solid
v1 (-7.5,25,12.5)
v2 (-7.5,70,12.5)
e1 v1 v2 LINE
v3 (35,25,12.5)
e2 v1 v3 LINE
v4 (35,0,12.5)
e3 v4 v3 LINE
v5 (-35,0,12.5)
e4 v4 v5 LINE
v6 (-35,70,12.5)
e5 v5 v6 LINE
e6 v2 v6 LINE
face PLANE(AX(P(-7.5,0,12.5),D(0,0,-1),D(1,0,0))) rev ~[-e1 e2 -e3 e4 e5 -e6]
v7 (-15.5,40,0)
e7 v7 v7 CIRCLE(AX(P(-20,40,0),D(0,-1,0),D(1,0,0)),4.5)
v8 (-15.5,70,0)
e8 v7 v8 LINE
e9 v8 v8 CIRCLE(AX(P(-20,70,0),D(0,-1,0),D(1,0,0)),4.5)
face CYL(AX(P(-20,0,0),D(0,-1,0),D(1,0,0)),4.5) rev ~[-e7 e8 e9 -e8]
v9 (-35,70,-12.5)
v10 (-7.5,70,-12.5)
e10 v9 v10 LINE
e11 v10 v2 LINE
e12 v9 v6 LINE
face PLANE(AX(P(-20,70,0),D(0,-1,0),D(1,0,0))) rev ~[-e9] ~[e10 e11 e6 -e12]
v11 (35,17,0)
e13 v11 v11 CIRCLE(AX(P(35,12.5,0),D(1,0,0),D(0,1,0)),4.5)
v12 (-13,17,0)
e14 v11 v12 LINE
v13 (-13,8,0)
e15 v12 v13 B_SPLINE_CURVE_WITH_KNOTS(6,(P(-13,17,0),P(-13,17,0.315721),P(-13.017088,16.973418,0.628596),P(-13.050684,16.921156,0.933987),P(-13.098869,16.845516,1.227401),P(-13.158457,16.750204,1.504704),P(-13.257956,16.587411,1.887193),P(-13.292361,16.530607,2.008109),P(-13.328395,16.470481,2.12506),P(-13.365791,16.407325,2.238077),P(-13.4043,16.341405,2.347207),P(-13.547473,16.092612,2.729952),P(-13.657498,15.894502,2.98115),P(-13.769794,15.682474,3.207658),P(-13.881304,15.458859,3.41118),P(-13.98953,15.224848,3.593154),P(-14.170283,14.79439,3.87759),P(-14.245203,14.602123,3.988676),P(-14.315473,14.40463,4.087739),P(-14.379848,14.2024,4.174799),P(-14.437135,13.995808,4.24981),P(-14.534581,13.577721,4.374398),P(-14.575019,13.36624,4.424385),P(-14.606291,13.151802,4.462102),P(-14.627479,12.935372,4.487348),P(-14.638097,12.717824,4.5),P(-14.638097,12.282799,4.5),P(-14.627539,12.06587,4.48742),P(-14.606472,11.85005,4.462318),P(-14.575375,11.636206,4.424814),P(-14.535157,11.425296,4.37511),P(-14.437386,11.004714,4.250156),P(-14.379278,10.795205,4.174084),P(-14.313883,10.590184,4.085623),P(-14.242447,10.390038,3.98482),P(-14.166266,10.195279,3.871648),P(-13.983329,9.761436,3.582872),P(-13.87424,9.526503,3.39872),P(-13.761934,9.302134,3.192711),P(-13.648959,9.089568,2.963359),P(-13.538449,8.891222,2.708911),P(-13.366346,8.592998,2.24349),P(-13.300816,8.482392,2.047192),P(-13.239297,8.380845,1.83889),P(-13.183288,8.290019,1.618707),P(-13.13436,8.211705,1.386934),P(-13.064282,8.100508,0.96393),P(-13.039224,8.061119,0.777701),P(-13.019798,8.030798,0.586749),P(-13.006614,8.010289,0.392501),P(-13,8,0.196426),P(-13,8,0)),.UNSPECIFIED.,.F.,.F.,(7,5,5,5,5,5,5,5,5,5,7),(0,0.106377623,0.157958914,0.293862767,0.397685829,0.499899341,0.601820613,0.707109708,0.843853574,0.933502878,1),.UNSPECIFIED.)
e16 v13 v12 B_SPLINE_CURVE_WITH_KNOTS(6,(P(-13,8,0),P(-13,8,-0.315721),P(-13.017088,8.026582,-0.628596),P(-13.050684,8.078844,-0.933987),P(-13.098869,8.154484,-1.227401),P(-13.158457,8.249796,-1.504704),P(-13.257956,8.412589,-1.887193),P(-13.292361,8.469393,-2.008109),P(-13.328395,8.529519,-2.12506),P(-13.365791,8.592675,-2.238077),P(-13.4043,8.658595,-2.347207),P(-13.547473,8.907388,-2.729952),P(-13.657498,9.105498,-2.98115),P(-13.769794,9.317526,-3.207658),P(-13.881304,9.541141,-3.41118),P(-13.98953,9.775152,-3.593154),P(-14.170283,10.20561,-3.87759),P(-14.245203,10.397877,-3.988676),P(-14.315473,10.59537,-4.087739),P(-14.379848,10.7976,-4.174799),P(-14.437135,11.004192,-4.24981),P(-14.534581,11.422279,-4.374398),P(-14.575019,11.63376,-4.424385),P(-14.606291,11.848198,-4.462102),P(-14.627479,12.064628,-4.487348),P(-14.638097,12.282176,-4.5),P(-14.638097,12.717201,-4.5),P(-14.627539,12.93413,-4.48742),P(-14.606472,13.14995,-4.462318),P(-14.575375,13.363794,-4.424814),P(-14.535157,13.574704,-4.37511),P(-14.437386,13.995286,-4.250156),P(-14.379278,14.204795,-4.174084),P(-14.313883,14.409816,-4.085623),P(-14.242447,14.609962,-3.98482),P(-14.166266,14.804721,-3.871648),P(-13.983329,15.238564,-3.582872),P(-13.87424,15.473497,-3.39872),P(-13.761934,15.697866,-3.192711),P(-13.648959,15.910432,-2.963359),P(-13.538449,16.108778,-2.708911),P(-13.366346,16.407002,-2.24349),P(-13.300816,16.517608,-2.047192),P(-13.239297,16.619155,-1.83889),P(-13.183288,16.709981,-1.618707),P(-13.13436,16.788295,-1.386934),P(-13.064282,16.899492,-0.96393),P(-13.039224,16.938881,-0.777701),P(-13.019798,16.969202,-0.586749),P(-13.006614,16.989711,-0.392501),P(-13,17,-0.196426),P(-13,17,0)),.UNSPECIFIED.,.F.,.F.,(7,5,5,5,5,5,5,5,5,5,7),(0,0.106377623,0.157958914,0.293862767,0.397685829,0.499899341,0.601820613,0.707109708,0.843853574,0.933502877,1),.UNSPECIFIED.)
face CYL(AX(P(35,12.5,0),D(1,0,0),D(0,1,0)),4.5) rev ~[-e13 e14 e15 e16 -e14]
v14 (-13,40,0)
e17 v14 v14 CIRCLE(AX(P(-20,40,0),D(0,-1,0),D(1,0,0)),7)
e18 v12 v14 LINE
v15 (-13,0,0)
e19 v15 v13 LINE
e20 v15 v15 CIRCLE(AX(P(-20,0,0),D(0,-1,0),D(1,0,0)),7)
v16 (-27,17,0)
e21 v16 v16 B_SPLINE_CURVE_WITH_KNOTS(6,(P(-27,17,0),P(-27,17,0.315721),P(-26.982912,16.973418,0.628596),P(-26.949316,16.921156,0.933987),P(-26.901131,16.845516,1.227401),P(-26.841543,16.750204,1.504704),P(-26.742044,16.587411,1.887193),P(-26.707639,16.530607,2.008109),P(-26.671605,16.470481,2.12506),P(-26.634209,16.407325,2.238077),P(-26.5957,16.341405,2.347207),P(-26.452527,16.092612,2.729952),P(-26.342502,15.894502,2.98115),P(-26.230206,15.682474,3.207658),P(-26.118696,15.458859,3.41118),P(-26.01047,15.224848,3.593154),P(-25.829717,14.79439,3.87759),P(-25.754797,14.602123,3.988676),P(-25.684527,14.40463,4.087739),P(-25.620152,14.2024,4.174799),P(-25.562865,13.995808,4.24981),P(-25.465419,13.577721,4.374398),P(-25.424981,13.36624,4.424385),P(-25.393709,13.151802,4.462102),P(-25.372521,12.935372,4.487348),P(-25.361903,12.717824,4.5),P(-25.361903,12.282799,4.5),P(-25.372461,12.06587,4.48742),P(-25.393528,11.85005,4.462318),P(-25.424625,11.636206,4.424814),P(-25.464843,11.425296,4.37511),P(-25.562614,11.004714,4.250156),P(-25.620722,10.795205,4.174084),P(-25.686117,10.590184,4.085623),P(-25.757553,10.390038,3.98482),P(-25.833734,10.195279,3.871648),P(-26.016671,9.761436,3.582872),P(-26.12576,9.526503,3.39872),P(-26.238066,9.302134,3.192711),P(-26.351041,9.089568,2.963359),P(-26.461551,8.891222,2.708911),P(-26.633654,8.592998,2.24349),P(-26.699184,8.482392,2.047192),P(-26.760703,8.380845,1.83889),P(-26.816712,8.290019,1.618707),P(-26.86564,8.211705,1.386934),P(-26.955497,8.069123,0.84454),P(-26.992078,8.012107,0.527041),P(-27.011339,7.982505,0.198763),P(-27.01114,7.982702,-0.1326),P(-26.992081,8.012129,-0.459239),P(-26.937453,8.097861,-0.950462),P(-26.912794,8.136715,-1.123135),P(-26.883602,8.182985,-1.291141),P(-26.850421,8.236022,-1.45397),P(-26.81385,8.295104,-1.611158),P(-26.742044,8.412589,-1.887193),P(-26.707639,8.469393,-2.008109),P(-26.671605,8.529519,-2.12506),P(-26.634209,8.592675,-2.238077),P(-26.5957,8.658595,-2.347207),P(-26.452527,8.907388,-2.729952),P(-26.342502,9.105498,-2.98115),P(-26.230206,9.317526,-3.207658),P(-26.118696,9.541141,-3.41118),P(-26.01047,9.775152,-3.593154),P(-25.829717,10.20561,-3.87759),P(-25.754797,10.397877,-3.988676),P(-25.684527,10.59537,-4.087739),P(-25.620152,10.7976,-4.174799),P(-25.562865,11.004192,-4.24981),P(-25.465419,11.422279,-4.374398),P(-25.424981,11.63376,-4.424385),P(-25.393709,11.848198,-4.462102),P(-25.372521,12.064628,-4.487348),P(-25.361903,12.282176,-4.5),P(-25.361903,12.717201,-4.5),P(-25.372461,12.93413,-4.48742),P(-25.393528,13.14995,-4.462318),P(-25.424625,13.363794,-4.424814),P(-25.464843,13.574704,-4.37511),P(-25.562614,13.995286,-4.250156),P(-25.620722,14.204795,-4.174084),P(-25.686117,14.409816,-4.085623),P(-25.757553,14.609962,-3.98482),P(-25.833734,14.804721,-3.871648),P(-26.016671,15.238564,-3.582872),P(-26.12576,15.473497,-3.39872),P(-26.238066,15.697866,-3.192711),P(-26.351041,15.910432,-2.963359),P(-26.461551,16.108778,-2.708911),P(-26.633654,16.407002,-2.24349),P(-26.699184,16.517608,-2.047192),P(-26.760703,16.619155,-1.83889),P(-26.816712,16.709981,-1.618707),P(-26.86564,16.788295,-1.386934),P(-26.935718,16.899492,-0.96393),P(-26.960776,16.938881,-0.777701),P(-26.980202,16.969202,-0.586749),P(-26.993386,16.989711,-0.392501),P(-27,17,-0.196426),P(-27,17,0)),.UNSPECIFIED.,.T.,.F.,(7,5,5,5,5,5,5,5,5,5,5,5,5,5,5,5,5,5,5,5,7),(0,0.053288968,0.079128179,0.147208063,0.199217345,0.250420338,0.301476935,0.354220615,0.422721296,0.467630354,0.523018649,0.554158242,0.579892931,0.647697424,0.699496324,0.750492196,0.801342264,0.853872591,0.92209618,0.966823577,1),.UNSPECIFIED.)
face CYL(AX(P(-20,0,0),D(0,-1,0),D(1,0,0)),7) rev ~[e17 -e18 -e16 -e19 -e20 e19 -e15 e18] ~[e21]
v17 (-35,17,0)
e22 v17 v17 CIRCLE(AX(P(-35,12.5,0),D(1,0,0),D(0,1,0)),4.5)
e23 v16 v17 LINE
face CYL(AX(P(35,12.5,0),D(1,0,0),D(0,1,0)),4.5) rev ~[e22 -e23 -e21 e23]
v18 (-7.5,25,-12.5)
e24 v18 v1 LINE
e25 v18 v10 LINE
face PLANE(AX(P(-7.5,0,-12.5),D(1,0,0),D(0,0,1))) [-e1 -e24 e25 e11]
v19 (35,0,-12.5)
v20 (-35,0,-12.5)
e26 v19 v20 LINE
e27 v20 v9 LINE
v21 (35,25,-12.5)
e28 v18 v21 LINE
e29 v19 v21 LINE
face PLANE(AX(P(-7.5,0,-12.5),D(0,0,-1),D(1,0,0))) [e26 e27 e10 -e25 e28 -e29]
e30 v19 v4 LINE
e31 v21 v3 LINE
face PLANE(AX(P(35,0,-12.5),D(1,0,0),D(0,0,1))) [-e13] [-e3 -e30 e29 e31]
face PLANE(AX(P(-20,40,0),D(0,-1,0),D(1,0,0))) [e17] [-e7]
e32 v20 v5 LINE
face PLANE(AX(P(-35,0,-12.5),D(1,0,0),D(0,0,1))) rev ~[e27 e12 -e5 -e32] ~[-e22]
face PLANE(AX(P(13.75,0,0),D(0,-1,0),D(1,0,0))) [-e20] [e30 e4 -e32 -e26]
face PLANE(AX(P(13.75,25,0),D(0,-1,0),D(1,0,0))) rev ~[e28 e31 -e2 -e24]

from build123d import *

# Parameters (mm, degrees)
F0_W     = 25
F0_H     = 25
F0_R     = 7
F0_R_2   = 4.5
F0_W_2   = 2.5
F1_DEPTH = 70
F2_DEPTH = 40
F0_W_3   = 42.5
F3_DEPTH = 25
F4_R     = 4.5
F5_DEPTH = 70.001


with BuildPart() as f1:
    # F0 (on Front) → F1 (new body)
    with BuildSketch(Plane.XZ):
        with Locations((-20, 0)):
            Rectangle(F0_W, F0_H)
        with Locations((-20, 0)):
            Circle(F0_R, mode=Mode.SUBTRACT)
        with Locations((-20, 0)):
            Circle(F0_R)
        with Locations((-20, 0)):
            Circle(F0_R_2, mode=Mode.SUBTRACT)
        with Locations((-33.75, 0)):
            Rectangle(F0_W_2, F0_H)
    extrude(amount=-F1_DEPTH)

    # F0 (on Front) → F2 (cut)
    with BuildSketch(Plane.XZ):
        with Locations((-20, 0)):
            Circle(F0_R)
        with Locations((-20, 0)):
            Circle(F0_R_2, mode=Mode.SUBTRACT)
    extrude(amount=-F2_DEPTH, mode=Mode.SUBTRACT)

    # F0 (on Front) → F3 (join)
    with BuildSketch(Plane.XZ):
        with Locations((13.75, 0)):
            Rectangle(F0_W_3, F0_H)
    extrude(amount=-F3_DEPTH)

    # F4 (on face) → F5 (cut, through all)
    with BuildSketch(Plane.YZ.offset(35)):
        with Locations((12.5, 0)):
            Circle(F4_R)
    extrude(amount=-F5_DEPTH, mode=Mode.SUBTRACT)


solid = f1.part
